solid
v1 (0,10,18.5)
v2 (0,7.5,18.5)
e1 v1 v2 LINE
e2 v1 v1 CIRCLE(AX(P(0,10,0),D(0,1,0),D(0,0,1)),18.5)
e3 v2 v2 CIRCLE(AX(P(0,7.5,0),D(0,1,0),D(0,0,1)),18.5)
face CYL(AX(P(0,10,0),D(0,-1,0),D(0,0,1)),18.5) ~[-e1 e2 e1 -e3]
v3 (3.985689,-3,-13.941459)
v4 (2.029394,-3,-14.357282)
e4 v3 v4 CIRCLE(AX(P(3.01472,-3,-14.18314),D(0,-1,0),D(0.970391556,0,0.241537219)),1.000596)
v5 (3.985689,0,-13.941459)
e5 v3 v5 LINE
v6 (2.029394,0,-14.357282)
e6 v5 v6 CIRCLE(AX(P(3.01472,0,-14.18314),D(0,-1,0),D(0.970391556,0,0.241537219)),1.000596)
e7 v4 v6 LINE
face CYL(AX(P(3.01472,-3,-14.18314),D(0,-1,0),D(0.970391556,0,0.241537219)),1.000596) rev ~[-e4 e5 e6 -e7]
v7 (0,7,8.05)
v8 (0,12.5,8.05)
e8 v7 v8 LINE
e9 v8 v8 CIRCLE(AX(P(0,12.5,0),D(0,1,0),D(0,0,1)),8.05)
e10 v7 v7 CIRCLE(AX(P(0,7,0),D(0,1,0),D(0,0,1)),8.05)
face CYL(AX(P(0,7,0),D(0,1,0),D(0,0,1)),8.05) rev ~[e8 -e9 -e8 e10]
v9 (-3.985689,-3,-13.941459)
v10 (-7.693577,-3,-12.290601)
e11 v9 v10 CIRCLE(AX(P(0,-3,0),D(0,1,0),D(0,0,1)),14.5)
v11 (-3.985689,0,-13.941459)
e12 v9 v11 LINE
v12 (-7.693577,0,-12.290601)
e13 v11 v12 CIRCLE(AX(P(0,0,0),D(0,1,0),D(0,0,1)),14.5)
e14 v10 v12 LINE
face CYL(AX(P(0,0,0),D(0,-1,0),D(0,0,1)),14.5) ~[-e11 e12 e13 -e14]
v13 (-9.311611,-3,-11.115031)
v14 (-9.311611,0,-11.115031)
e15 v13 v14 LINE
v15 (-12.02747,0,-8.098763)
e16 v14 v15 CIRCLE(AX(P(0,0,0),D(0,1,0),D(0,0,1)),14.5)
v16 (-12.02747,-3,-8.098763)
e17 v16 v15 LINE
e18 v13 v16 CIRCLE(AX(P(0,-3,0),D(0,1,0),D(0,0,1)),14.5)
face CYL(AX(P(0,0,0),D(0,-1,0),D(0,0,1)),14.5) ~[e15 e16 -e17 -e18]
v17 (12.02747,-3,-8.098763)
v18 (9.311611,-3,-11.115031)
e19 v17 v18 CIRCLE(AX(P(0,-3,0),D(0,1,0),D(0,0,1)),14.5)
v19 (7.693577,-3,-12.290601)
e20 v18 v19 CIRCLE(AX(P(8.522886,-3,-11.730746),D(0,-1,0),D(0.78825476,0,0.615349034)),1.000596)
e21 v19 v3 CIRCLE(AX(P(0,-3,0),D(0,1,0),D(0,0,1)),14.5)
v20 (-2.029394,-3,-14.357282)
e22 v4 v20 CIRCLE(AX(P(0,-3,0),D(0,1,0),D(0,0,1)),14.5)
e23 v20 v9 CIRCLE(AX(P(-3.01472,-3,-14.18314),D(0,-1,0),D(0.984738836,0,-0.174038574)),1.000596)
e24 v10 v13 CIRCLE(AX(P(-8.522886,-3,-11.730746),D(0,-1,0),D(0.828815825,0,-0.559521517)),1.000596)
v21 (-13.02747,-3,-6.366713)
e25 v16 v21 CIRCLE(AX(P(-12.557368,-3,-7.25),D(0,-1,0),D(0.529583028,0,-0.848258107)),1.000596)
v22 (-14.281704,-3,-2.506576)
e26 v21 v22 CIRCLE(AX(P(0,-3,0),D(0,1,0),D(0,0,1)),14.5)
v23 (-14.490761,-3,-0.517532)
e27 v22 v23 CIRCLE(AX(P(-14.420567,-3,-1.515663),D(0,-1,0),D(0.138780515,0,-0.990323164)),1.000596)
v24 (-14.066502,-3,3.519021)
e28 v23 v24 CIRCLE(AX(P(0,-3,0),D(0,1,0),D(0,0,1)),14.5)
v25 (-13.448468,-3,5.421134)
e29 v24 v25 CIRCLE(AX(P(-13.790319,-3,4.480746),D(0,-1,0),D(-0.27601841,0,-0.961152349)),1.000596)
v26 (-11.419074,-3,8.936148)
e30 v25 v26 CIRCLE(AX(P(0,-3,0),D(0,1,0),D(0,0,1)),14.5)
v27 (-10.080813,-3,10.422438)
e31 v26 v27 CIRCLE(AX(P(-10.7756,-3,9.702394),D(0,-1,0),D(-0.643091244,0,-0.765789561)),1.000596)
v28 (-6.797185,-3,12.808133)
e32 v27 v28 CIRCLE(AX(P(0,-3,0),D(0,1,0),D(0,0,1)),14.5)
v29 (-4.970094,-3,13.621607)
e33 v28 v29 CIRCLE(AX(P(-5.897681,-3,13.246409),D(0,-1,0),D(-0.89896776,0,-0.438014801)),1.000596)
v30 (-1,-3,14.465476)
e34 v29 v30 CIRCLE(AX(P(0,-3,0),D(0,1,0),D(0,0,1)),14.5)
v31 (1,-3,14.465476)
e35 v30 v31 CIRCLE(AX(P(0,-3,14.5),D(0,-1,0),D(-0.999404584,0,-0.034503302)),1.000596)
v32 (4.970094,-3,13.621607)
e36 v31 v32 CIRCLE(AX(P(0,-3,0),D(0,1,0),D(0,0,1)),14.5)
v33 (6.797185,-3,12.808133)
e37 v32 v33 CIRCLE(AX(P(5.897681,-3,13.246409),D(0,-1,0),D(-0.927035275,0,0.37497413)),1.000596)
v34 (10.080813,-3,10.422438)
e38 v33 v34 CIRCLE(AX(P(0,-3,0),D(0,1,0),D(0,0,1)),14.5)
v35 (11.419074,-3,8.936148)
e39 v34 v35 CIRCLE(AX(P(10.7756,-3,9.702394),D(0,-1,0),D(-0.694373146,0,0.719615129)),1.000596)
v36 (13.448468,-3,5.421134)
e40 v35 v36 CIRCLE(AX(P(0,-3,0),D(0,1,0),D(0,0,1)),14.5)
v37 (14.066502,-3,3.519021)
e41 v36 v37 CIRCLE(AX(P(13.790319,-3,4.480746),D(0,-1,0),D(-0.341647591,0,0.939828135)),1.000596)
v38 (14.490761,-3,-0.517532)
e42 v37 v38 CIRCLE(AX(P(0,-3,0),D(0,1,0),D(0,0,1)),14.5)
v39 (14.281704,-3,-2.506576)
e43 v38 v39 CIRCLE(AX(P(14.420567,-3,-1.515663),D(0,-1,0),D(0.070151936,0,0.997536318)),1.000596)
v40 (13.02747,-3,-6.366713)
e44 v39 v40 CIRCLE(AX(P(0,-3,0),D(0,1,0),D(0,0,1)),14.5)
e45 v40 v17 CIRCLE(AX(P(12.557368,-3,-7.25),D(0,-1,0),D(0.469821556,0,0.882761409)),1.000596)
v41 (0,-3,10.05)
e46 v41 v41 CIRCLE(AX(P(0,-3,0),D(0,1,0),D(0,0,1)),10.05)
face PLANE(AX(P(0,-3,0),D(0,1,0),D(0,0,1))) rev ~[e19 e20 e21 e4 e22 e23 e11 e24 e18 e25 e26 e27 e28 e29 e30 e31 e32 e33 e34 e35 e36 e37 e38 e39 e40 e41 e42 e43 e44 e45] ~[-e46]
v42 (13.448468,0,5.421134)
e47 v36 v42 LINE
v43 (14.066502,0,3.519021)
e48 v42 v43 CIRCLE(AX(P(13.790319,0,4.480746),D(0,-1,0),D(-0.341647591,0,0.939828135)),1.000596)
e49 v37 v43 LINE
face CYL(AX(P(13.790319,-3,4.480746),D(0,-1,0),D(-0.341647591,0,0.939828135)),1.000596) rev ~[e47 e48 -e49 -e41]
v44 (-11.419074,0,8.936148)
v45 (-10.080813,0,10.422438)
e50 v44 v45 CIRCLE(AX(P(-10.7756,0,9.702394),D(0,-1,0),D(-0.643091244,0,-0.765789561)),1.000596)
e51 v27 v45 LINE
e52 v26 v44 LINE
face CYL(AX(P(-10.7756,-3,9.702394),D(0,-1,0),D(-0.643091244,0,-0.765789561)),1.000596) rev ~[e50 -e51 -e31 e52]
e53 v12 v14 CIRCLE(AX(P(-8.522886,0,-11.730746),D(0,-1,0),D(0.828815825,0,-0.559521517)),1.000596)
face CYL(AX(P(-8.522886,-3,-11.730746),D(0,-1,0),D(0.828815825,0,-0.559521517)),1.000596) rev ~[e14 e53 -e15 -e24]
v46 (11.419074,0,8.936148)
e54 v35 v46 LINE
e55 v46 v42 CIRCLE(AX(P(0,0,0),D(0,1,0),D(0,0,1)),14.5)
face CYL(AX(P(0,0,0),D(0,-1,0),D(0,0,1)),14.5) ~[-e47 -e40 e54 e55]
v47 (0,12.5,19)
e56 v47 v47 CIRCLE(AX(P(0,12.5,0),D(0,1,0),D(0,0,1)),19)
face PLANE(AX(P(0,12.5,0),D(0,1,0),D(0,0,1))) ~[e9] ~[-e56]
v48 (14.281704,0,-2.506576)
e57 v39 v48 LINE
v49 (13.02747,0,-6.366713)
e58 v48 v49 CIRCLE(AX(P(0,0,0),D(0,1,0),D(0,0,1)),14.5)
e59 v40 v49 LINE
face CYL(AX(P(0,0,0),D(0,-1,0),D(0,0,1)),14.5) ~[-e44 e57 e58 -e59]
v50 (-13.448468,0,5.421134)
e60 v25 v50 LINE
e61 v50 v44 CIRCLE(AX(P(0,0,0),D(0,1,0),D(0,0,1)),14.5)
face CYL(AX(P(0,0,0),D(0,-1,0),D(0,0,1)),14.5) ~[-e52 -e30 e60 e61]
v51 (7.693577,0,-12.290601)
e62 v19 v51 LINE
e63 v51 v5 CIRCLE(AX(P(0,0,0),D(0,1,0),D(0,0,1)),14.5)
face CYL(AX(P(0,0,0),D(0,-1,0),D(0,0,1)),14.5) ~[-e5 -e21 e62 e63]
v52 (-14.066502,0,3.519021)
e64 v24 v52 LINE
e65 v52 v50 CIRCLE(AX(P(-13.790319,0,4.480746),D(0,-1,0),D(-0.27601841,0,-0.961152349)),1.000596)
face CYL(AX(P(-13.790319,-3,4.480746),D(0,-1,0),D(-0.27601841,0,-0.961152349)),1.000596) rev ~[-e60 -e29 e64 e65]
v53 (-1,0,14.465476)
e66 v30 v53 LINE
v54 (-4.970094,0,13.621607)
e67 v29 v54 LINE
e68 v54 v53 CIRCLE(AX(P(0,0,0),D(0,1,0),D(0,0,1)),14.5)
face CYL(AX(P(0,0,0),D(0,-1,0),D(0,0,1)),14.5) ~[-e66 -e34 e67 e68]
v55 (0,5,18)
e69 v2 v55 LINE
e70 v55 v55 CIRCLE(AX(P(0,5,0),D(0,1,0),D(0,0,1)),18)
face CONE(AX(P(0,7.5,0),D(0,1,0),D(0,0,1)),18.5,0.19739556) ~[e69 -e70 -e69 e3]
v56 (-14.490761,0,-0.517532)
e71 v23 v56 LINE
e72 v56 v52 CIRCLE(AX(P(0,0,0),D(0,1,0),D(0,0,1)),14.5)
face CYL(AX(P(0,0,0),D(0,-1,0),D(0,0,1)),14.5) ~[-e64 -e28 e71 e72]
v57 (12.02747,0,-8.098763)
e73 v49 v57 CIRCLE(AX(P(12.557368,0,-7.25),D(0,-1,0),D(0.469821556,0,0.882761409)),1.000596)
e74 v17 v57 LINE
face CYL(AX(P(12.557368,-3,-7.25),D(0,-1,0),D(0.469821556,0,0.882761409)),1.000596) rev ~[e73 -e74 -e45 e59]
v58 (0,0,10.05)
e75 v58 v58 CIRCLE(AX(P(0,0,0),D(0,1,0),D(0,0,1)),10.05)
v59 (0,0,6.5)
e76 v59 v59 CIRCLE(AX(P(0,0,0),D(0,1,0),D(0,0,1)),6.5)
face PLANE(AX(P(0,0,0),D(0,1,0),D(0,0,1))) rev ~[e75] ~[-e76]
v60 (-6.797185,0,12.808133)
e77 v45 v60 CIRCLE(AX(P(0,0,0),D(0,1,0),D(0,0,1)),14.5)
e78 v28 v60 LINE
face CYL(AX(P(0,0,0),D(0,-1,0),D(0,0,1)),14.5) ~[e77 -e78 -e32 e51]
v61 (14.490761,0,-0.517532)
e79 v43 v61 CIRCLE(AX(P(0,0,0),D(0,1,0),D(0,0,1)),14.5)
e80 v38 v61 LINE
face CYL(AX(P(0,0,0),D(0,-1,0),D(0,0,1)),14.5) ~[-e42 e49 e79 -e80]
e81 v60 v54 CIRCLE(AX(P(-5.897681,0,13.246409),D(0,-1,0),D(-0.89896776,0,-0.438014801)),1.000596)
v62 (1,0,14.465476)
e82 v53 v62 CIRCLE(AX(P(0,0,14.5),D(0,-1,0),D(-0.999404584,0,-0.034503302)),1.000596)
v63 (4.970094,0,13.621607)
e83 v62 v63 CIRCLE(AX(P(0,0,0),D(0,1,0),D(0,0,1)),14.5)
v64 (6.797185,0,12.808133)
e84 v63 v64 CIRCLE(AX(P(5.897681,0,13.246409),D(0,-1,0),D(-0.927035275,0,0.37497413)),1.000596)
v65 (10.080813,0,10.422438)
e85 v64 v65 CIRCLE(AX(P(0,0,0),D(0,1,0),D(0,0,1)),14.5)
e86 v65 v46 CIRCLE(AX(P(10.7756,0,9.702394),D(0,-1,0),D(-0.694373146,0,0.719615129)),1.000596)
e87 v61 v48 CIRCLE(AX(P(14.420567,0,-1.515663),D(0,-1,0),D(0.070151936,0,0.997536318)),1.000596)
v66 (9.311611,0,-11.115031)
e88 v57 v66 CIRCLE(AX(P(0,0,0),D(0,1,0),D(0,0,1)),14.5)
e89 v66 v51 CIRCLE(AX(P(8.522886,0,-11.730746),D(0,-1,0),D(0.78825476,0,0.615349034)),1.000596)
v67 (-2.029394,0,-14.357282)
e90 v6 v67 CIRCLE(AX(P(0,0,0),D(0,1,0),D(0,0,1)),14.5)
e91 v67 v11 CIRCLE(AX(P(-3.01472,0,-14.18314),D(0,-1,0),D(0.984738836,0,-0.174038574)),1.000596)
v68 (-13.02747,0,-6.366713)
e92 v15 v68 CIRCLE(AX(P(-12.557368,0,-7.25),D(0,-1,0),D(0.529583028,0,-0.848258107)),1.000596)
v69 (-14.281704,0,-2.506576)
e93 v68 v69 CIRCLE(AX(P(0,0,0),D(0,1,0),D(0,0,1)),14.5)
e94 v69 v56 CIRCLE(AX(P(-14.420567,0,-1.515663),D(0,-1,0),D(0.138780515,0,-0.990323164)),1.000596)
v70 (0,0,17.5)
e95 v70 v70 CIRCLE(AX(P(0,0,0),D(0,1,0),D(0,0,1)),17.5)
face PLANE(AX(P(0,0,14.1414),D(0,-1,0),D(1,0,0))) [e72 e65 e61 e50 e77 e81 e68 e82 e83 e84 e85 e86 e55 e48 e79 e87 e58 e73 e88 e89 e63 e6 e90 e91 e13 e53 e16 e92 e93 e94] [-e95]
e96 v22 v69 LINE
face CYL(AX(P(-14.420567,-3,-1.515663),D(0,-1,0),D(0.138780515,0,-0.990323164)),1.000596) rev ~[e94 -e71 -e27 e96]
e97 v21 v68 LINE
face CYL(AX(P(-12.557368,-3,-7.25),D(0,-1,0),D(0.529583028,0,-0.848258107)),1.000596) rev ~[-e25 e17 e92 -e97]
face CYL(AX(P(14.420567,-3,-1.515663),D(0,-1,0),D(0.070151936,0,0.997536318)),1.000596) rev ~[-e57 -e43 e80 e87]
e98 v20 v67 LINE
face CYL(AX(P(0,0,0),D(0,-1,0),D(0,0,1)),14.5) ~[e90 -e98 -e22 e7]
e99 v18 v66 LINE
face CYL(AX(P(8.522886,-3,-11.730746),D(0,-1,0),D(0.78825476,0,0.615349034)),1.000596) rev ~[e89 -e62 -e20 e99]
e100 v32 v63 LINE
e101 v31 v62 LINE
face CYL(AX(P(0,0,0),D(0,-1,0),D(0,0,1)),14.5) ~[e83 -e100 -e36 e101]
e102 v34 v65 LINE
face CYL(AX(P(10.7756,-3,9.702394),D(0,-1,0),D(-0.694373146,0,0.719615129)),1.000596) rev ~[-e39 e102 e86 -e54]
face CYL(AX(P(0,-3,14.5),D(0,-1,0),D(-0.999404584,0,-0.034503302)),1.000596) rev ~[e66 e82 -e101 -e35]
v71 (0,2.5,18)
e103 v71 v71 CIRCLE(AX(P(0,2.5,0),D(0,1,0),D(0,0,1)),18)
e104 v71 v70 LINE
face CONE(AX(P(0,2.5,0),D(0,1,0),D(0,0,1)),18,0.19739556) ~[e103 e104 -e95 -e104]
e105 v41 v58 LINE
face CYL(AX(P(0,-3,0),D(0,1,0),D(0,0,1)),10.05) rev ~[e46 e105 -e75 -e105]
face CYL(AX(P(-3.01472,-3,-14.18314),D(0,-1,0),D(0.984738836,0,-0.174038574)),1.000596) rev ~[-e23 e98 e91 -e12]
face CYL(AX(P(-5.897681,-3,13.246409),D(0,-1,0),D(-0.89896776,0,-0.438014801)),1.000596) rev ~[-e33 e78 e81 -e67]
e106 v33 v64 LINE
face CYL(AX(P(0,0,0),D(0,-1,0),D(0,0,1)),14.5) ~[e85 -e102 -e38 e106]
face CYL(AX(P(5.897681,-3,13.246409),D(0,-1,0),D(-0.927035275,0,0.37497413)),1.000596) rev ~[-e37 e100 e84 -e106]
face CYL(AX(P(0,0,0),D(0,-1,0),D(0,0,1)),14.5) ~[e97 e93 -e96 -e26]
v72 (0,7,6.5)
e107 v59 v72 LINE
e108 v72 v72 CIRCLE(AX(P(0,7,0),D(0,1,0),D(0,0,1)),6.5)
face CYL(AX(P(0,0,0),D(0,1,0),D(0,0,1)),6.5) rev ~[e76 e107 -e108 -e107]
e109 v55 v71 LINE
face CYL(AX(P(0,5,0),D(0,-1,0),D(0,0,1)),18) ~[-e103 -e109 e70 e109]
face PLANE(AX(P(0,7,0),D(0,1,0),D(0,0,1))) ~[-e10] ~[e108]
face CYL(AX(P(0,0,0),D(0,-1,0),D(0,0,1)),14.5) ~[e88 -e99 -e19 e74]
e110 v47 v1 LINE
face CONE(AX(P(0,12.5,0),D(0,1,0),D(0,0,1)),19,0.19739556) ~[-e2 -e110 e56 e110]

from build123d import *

# Parameters (mm, degrees)
F3_DEPTH = 3


with BuildPart() as f1:
    # F0 (on Right) → F1 (revolve)
    with BuildSketch(Plane.YZ):
        Polygon((0, 6.5), (7, 6.5), (7, 8.05), (12.5, 8.05), (12.5, 19), (10, 18.5), (7.5, 18.5), (5, 18), (2.5, 18), (0, 17.5), (0, 14.5), (-3, 14.5), (-3, 10.05), (0, 10.05), align=None)
    revolve(axis=Axis((0, 20.883844794, 0), (0, 1, 0)))

    # F2 (on face) → F3 (cut)
    with BuildSketch(Plane.XZ.offset(3)):
        with BuildLine():
            ThreePointArc((1, 14.4654761415), (0, 14.5), (-1, 14.4654761415))
            ThreePointArc((-1, 14.4654761415), (0, 13.4994042291), (1, 14.4654761415))
        make_face()
        with BuildLine():
            ThreePointArc((-4.9700937486, 13.6216066648), (-5.8976813246, 13.2464091358), (-6.7971846639, 12.8081333786))
            ThreePointArc((-6.7971846639, 12.8081333786), (-5.4907023597, 12.3323194143), (-4.9700937486, 13.6216066648))
        make_face()
        with BuildLine():
            ThreePointArc((-10.0808131363, 10.4224376473), (-10.7755999694, 9.7023937922), (-11.419074349, 8.9361479963))
            ThreePointArc((-11.419074349, 8.9361479963), (-10.0320123999, 9.0328645373), (-10.0808131363, 10.4224376473))
        make_face()
        with BuildLine():
            ThreePointArc((-13.4484683513, 5.4211344757), (-13.7903194863, 4.4807464184), (-14.0665023401, 3.5190214432))
            ThreePointArc((-14.0665023401, 3.5190214432), (-12.8386963582, 4.1715453207), (-13.4484683513, 5.4211344757))
        make_face()
        with BuildLine():
            ThreePointArc((-14.4907612129, -0.5175320961), (-14.4205674828, -1.5156627174), (-14.2817042864, -2.5065758869))
            ThreePointArc((-14.2817042864, -2.5065758869), (-13.4254530802, -1.4110719791), (-14.4907612129, -0.5175320961))
        make_face()
        with BuildLine():
            ThreePointArc((-13.0274698164, -6.366712667), (-12.5573683549, -7.25), (-12.0274698164, -8.0987634745))
            ThreePointArc((-12.0274698164, -8.0987634745), (-11.6908269983, -6.7497021145), (-13.0274698164, -6.366712667))
        make_face()
        with BuildLine():
            ThreePointArc((-9.3116105377, -11.1150307779), (-8.5228861582, -11.7307464184), (-7.693576549, -12.2906012825))
            ThreePointArc((-7.693576549, -12.2906012825), (-7.9347507206, -10.9212474353), (-9.3116105377, -11.1150307779))
        make_face()
        with BuildLine():
            ThreePointArc((-3.9856892038, -13.9414590905), (-3.0147195169, -14.1831402106), (-2.0293940023, -14.3572824721))
            ThreePointArc((-2.0293940023, -14.3572824721), (-2.8066839583, -13.204409858), (-3.9856892038, -13.9414590905))
        make_face()
        with BuildLine():
            ThreePointArc((2.0293940023, -14.3572824721), (3.0147195169, -14.1831402106), (3.9856892038, -13.9414590905))
            ThreePointArc((3.9856892038, -13.9414590905), (2.8066839583, -13.204409858), (2.0293940023, -14.3572824721))
        make_face()
        with BuildLine():
            ThreePointArc((7.693576549, -12.2906012825), (8.5228861582, -11.7307464184), (9.3116105377, -11.1150307779))
            ThreePointArc((9.3116105377, -11.1150307779), (7.9347507206, -10.9212474353), (7.693576549, -12.2906012825))
        make_face()
        with BuildLine():
            ThreePointArc((12.0274698164, -8.0987634745), (12.5573683549, -7.25), (13.0274698164, -6.366712667))
            ThreePointArc((13.0274698164, -6.366712667), (11.6908269983, -6.7497021145), (12.0274698164, -8.0987634745))
        make_face()
        with BuildLine():
            ThreePointArc((14.2817042864, -2.5065758869), (14.4205674828, -1.5156627174), (14.4907612129, -0.5175320961))
            ThreePointArc((14.4907612129, -0.5175320961), (13.4254530802, -1.4110719791), (14.2817042864, -2.5065758869))
        make_face()
        with BuildLine():
            ThreePointArc((14.0665023401, 3.5190214432), (13.7903194863, 4.4807464184), (13.4484683513, 5.4211344757))
            ThreePointArc((13.4484683513, 5.4211344757), (12.8386963582, 4.1715453207), (14.0665023401, 3.5190214432))
        make_face()
        with BuildLine():
            ThreePointArc((11.419074349, 8.9361479963), (10.7755999694, 9.7023937922), (10.0808131363, 10.4224376473))
            ThreePointArc((10.0808131363, 10.4224376473), (10.0320123999, 9.0328645373), (11.419074349, 8.9361479963))
        make_face()
        with BuildLine():
            ThreePointArc((6.7971846639, 12.8081333786), (5.8976813246, 13.2464091358), (4.9700937486, 13.6216066648))
            ThreePointArc((4.9700937486, 13.6216066648), (5.4907023597, 12.3323194143), (6.7971846639, 12.8081333786))
        make_face()
    extrude(amount=-F3_DEPTH, mode=Mode.SUBTRACT)


solid = f1.part
